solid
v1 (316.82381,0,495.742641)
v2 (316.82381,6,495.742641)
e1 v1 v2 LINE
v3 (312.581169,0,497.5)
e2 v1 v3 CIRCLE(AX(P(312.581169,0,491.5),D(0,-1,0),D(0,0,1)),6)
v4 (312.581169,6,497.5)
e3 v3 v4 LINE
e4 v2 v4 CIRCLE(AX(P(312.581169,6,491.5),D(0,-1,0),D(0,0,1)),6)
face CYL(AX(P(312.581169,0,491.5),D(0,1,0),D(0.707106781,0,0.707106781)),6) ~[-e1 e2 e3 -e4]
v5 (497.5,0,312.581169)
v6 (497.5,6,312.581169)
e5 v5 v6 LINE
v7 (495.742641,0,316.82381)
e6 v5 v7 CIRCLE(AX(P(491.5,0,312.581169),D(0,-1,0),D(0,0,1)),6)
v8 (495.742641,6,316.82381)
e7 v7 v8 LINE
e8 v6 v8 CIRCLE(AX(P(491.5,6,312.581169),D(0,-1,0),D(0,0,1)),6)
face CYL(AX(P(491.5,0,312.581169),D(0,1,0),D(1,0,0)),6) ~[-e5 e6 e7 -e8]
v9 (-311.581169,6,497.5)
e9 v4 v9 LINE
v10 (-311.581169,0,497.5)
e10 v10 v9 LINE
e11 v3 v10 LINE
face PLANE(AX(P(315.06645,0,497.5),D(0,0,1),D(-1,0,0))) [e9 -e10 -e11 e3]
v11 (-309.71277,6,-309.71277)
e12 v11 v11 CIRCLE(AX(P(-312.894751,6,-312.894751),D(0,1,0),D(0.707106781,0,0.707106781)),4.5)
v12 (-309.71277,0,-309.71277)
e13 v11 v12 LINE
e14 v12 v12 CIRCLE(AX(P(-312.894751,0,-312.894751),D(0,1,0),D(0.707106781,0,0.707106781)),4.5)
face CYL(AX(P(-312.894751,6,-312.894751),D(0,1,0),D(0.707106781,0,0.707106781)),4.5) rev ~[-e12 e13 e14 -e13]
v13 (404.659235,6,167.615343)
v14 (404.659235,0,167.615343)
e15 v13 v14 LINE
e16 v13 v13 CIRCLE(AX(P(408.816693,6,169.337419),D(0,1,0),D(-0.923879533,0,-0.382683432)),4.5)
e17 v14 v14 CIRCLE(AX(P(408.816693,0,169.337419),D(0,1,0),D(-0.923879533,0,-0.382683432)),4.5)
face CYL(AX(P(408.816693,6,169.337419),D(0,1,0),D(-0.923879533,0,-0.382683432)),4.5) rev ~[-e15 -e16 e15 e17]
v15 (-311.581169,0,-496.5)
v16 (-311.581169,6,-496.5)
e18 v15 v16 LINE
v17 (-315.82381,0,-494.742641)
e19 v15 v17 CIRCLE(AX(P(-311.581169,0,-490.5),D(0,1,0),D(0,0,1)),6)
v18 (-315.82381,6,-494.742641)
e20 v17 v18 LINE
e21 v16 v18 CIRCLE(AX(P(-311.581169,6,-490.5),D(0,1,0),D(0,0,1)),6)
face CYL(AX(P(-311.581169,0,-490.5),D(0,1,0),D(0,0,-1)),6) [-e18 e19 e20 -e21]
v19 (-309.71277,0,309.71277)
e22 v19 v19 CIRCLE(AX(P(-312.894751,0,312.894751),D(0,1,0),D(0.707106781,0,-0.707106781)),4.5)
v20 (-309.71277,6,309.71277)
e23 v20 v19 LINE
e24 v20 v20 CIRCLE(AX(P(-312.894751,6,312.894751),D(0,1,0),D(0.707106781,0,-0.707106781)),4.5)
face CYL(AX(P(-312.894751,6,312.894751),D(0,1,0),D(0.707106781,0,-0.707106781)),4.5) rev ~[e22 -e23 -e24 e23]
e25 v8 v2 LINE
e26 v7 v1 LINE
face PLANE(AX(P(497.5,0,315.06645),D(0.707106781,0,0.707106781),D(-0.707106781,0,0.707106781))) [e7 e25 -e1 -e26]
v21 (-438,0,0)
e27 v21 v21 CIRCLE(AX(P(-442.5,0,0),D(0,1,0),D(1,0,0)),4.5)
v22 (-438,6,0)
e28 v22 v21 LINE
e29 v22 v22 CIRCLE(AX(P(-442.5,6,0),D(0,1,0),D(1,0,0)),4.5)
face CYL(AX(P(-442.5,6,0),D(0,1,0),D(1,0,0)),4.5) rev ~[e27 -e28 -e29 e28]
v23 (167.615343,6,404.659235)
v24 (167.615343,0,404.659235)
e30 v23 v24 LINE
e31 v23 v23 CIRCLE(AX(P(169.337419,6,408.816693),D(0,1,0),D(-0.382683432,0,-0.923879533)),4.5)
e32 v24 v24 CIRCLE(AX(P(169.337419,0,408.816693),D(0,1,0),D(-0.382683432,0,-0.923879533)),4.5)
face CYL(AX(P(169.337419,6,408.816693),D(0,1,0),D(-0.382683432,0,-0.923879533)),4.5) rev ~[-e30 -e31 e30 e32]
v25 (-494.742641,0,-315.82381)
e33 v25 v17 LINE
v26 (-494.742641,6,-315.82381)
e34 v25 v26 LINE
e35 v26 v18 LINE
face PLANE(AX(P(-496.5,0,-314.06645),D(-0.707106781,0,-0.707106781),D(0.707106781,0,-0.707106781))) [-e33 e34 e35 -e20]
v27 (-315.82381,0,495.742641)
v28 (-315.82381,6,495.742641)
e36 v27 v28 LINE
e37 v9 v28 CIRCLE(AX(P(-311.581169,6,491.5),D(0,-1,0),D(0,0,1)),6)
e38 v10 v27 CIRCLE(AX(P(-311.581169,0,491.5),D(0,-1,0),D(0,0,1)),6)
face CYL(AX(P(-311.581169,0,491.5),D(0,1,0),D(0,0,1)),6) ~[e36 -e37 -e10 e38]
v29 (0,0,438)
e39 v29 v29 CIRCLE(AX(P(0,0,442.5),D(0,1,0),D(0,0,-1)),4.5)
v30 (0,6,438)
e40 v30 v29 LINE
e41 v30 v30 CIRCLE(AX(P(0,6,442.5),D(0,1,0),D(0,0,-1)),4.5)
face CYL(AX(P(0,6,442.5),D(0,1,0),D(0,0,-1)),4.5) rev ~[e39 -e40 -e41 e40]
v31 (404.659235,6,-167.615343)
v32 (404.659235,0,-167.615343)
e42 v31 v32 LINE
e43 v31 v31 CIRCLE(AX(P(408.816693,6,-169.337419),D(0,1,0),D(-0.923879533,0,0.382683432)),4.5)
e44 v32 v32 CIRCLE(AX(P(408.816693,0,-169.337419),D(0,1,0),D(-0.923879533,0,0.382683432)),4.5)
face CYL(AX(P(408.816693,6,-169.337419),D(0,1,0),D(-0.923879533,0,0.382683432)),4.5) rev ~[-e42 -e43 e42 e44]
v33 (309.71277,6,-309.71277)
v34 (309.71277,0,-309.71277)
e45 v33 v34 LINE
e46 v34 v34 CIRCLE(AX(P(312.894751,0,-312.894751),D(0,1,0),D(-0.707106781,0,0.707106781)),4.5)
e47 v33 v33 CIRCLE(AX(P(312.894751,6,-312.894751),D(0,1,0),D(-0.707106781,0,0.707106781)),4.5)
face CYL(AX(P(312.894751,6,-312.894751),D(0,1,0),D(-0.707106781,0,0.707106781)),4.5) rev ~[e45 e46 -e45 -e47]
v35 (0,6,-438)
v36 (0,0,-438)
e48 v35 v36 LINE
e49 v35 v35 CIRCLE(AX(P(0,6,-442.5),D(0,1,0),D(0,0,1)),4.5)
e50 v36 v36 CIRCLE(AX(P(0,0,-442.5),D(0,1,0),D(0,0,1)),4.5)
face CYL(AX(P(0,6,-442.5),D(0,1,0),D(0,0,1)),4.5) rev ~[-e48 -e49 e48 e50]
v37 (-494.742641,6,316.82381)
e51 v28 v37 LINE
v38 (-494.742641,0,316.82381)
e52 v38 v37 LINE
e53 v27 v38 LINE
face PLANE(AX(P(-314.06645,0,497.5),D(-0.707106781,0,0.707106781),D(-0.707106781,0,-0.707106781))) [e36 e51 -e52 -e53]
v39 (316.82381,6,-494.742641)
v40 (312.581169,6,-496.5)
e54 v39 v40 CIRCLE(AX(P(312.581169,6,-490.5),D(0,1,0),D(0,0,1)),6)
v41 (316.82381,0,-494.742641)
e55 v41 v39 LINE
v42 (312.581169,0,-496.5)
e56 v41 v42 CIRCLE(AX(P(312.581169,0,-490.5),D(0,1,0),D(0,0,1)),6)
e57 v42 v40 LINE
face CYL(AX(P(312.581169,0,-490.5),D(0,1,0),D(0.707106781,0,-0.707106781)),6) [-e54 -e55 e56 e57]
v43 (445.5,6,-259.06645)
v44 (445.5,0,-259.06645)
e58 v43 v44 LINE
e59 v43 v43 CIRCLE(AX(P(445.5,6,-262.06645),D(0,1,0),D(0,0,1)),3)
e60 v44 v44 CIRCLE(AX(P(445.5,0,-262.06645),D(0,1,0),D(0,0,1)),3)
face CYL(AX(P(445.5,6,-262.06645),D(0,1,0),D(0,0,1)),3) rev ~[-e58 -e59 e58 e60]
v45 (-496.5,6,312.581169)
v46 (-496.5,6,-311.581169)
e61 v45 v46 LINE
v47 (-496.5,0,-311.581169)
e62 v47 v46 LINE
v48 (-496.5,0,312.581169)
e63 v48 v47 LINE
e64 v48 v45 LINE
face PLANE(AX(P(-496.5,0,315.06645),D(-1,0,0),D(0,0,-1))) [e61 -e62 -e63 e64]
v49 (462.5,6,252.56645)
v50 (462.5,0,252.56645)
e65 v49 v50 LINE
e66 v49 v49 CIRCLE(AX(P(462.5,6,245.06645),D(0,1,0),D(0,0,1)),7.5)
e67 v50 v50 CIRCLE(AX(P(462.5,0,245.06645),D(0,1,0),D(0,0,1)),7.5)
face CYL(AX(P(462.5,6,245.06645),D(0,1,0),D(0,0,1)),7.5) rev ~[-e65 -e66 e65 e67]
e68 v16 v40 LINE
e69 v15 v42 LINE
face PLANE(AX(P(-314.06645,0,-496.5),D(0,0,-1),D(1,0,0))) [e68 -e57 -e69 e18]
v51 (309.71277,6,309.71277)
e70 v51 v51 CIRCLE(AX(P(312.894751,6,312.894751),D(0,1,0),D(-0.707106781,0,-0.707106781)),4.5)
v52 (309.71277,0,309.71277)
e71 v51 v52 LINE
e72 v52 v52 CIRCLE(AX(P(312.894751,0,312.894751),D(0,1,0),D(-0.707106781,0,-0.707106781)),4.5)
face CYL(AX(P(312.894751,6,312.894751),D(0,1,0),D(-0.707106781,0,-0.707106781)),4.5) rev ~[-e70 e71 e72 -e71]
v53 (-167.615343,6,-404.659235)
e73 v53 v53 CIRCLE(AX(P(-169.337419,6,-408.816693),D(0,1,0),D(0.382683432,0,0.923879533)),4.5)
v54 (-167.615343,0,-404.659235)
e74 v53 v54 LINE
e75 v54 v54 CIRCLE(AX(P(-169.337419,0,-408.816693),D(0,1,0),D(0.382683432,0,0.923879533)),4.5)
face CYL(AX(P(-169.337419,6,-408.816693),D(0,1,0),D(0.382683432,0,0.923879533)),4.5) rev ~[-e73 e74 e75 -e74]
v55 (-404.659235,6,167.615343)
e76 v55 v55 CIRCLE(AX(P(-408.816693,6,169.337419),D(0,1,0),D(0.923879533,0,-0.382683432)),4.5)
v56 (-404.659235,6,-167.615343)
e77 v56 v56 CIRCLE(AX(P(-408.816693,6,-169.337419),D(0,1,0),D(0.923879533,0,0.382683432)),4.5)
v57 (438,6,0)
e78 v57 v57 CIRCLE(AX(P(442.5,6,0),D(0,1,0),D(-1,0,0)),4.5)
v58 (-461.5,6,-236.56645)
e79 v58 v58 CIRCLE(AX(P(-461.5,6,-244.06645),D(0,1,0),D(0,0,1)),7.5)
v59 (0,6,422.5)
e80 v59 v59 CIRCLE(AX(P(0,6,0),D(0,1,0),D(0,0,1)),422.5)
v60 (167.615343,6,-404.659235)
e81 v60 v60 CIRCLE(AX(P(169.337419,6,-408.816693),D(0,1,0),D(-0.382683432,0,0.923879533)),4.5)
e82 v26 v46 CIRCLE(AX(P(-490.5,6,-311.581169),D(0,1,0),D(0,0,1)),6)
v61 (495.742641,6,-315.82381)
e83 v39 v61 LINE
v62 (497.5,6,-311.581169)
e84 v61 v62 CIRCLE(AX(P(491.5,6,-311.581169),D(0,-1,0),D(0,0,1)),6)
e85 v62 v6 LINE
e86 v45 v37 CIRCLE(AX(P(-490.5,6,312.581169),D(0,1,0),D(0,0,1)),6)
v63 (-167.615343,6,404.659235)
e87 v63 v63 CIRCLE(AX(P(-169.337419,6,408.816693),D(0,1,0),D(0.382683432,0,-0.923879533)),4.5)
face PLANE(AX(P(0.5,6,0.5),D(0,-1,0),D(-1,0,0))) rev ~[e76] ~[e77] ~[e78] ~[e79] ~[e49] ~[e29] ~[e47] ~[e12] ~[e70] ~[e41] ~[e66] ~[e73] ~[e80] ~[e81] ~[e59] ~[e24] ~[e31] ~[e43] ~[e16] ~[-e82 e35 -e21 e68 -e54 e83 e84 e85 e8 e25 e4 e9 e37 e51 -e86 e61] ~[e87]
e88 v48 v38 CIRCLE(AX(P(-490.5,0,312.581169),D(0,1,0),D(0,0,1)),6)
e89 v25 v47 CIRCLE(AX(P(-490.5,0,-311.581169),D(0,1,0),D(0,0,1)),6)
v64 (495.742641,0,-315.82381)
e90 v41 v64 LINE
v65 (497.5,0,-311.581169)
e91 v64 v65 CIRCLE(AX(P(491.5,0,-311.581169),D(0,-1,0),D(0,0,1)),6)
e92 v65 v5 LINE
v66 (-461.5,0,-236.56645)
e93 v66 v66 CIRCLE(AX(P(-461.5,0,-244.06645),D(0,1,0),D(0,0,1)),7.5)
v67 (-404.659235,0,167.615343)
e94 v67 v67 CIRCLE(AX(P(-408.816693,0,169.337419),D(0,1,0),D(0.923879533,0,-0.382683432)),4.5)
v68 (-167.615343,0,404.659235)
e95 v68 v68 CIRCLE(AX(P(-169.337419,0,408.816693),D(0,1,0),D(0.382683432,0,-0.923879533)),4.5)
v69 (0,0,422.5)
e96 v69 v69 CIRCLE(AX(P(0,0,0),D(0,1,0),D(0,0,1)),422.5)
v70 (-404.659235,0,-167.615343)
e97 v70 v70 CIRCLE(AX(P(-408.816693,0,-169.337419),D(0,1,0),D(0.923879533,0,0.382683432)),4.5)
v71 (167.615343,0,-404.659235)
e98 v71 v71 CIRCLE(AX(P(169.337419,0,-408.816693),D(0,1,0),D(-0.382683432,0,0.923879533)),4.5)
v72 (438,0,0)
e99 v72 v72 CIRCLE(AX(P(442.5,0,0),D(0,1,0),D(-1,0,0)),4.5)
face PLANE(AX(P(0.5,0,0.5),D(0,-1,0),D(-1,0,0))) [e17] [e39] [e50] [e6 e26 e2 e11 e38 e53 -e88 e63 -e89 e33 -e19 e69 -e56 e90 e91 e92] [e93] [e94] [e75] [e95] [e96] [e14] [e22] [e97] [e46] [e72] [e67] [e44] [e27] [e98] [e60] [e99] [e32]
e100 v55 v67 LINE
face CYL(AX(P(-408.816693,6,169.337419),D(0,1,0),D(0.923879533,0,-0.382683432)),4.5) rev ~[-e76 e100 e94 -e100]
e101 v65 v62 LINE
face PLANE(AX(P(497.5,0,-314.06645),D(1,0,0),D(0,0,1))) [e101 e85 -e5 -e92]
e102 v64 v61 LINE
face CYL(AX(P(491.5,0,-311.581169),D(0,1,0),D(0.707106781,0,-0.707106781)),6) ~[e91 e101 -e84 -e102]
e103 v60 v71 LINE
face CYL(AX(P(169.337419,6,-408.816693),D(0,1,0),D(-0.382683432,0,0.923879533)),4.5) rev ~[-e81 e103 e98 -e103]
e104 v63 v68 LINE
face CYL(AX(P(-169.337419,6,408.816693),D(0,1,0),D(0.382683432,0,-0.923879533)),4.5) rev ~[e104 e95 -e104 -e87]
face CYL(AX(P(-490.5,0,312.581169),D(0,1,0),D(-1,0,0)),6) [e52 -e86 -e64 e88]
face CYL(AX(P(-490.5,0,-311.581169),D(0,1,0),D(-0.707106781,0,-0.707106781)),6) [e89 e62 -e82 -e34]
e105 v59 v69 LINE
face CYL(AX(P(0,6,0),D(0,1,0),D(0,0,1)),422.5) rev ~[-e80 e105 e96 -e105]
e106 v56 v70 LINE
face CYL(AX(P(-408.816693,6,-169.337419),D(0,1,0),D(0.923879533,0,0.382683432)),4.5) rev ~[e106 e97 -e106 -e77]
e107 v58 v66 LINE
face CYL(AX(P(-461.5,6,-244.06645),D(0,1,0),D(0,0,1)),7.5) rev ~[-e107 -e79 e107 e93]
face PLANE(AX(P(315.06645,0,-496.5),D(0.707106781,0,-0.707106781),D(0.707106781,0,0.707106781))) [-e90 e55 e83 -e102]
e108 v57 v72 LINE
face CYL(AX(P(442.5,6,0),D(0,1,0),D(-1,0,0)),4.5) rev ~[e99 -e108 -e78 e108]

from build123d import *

# Parameters (mm, degrees)
BOSS_EXTRUDE1_DEPTH = 6
SKETCH2_R           = 422.5
CUT_EXTRUDE1_DEPTH  = 6
SKETCH3_R           = 4.5
CUT_EXTRUDE2_DEPTH  = 6
CIRPATTERN1_COUNT   = 16
SKETCH4_R           = 3
CUT_EXTRUDE3_DEPTH  = 10
SKETCH5_R           = 7.5
CUT_EXTRUDE4_DEPTH  = 10
FILLET1_R           = 6


with BuildPart() as part:
    # Sketch1 → Boss-Extrude1 (new body)
    with BuildSketch(Plane(origin=(0, 0, 0), x_dir=(1, 0, 0), z_dir=(0, 1, 0))):
        Polygon((315.066450454, 496.5), (497.5, 314.066450454), (497.5, -315.066450454), (315.066450454, -497.5), (-314.066450454, -497.5), (-496.5, -315.066450454), (-496.5, 314.066450454), (-314.066450454, 496.5), align=None)
    extrude(amount=BOSS_EXTRUDE1_DEPTH)

    # Sketch2 → Cut-Extrude1 (cut)
    with BuildSketch(Plane(origin=(0, 6, 0), x_dir=(1, 0, 0), z_dir=(0, 1, 0))):
        with Locations(Location((0, 0, 0), (0, 0, 270))):
            Circle(SKETCH2_R)
    extrude(amount=-CUT_EXTRUDE1_DEPTH, mode=Mode.SUBTRACT)

    # Sketch3 → Cut-Extrude2 (cut)
    with BuildSketch(Plane(origin=(0, 6, 0), x_dir=(1, 0, 0), z_dir=(0, 1, 0))):
        with Locations(Location((0, 442.5, 0), (0, 0, 270))):
            Circle(SKETCH3_R)
    cut_extrude2 = extrude(amount=-CUT_EXTRUDE2_DEPTH, mode=Mode.SUBTRACT)

    # CirPattern1: Cut-Extrude2 ×16 about axis
    cirpattern1_axis = Axis((0, 0, 0), (0, 1, 0))
    for i in range(1, CIRPATTERN1_COUNT):
        add(cut_extrude2.rotate(cirpattern1_axis, i * 360 / CIRPATTERN1_COUNT), mode=Mode.SUBTRACT)

    # Sketch4 → Cut-Extrude3 (cut)
    with BuildSketch(Plane(origin=(0, 6, 0), x_dir=(1, 0, 0), z_dir=(0, 1, 0))):
        with Locations(Location((445.5, 262.066450454, 0), (0, 0, 270))):
            Circle(SKETCH4_R)
    extrude(amount=-CUT_EXTRUDE3_DEPTH, mode=Mode.SUBTRACT)

    # Sketch5 → Cut-Extrude4 (cut)
    with BuildSketch(Plane(origin=(0, 6, 0), x_dir=(1, 0, 0), z_dir=(0, 1, 0))):
        with Locations(Location((-461.5, 244.066450454, 0), (0, 0, 270))):
            Circle(SKETCH5_R)
        with Locations(Location((462.5, -245.066450454, 0), (0, 0, 270))):
            Circle(SKETCH5_R)
    extrude(amount=-CUT_EXTRUDE4_DEPTH, mode=Mode.SUBTRACT)

    # Fillet1
    fillet1_edges = [part.edges().sort_by_distance(p)[0] for p in [
        (315.066450454, 3, -496.5),
        (497.5, 3, -314.066450454),
        (497.5, 3, 315.066450454),
        (315.066450454, 3, 497.5),
        (-314.066450454, 3, 497.5),
        (-496.5, 3, 315.066450454),
        (-496.5, 3, -314.066450454),
        (-314.066450454, 3, -496.5),
    ]]
    fillet(fillet1_edges, radius=FILLET1_R)


solid = part.part
